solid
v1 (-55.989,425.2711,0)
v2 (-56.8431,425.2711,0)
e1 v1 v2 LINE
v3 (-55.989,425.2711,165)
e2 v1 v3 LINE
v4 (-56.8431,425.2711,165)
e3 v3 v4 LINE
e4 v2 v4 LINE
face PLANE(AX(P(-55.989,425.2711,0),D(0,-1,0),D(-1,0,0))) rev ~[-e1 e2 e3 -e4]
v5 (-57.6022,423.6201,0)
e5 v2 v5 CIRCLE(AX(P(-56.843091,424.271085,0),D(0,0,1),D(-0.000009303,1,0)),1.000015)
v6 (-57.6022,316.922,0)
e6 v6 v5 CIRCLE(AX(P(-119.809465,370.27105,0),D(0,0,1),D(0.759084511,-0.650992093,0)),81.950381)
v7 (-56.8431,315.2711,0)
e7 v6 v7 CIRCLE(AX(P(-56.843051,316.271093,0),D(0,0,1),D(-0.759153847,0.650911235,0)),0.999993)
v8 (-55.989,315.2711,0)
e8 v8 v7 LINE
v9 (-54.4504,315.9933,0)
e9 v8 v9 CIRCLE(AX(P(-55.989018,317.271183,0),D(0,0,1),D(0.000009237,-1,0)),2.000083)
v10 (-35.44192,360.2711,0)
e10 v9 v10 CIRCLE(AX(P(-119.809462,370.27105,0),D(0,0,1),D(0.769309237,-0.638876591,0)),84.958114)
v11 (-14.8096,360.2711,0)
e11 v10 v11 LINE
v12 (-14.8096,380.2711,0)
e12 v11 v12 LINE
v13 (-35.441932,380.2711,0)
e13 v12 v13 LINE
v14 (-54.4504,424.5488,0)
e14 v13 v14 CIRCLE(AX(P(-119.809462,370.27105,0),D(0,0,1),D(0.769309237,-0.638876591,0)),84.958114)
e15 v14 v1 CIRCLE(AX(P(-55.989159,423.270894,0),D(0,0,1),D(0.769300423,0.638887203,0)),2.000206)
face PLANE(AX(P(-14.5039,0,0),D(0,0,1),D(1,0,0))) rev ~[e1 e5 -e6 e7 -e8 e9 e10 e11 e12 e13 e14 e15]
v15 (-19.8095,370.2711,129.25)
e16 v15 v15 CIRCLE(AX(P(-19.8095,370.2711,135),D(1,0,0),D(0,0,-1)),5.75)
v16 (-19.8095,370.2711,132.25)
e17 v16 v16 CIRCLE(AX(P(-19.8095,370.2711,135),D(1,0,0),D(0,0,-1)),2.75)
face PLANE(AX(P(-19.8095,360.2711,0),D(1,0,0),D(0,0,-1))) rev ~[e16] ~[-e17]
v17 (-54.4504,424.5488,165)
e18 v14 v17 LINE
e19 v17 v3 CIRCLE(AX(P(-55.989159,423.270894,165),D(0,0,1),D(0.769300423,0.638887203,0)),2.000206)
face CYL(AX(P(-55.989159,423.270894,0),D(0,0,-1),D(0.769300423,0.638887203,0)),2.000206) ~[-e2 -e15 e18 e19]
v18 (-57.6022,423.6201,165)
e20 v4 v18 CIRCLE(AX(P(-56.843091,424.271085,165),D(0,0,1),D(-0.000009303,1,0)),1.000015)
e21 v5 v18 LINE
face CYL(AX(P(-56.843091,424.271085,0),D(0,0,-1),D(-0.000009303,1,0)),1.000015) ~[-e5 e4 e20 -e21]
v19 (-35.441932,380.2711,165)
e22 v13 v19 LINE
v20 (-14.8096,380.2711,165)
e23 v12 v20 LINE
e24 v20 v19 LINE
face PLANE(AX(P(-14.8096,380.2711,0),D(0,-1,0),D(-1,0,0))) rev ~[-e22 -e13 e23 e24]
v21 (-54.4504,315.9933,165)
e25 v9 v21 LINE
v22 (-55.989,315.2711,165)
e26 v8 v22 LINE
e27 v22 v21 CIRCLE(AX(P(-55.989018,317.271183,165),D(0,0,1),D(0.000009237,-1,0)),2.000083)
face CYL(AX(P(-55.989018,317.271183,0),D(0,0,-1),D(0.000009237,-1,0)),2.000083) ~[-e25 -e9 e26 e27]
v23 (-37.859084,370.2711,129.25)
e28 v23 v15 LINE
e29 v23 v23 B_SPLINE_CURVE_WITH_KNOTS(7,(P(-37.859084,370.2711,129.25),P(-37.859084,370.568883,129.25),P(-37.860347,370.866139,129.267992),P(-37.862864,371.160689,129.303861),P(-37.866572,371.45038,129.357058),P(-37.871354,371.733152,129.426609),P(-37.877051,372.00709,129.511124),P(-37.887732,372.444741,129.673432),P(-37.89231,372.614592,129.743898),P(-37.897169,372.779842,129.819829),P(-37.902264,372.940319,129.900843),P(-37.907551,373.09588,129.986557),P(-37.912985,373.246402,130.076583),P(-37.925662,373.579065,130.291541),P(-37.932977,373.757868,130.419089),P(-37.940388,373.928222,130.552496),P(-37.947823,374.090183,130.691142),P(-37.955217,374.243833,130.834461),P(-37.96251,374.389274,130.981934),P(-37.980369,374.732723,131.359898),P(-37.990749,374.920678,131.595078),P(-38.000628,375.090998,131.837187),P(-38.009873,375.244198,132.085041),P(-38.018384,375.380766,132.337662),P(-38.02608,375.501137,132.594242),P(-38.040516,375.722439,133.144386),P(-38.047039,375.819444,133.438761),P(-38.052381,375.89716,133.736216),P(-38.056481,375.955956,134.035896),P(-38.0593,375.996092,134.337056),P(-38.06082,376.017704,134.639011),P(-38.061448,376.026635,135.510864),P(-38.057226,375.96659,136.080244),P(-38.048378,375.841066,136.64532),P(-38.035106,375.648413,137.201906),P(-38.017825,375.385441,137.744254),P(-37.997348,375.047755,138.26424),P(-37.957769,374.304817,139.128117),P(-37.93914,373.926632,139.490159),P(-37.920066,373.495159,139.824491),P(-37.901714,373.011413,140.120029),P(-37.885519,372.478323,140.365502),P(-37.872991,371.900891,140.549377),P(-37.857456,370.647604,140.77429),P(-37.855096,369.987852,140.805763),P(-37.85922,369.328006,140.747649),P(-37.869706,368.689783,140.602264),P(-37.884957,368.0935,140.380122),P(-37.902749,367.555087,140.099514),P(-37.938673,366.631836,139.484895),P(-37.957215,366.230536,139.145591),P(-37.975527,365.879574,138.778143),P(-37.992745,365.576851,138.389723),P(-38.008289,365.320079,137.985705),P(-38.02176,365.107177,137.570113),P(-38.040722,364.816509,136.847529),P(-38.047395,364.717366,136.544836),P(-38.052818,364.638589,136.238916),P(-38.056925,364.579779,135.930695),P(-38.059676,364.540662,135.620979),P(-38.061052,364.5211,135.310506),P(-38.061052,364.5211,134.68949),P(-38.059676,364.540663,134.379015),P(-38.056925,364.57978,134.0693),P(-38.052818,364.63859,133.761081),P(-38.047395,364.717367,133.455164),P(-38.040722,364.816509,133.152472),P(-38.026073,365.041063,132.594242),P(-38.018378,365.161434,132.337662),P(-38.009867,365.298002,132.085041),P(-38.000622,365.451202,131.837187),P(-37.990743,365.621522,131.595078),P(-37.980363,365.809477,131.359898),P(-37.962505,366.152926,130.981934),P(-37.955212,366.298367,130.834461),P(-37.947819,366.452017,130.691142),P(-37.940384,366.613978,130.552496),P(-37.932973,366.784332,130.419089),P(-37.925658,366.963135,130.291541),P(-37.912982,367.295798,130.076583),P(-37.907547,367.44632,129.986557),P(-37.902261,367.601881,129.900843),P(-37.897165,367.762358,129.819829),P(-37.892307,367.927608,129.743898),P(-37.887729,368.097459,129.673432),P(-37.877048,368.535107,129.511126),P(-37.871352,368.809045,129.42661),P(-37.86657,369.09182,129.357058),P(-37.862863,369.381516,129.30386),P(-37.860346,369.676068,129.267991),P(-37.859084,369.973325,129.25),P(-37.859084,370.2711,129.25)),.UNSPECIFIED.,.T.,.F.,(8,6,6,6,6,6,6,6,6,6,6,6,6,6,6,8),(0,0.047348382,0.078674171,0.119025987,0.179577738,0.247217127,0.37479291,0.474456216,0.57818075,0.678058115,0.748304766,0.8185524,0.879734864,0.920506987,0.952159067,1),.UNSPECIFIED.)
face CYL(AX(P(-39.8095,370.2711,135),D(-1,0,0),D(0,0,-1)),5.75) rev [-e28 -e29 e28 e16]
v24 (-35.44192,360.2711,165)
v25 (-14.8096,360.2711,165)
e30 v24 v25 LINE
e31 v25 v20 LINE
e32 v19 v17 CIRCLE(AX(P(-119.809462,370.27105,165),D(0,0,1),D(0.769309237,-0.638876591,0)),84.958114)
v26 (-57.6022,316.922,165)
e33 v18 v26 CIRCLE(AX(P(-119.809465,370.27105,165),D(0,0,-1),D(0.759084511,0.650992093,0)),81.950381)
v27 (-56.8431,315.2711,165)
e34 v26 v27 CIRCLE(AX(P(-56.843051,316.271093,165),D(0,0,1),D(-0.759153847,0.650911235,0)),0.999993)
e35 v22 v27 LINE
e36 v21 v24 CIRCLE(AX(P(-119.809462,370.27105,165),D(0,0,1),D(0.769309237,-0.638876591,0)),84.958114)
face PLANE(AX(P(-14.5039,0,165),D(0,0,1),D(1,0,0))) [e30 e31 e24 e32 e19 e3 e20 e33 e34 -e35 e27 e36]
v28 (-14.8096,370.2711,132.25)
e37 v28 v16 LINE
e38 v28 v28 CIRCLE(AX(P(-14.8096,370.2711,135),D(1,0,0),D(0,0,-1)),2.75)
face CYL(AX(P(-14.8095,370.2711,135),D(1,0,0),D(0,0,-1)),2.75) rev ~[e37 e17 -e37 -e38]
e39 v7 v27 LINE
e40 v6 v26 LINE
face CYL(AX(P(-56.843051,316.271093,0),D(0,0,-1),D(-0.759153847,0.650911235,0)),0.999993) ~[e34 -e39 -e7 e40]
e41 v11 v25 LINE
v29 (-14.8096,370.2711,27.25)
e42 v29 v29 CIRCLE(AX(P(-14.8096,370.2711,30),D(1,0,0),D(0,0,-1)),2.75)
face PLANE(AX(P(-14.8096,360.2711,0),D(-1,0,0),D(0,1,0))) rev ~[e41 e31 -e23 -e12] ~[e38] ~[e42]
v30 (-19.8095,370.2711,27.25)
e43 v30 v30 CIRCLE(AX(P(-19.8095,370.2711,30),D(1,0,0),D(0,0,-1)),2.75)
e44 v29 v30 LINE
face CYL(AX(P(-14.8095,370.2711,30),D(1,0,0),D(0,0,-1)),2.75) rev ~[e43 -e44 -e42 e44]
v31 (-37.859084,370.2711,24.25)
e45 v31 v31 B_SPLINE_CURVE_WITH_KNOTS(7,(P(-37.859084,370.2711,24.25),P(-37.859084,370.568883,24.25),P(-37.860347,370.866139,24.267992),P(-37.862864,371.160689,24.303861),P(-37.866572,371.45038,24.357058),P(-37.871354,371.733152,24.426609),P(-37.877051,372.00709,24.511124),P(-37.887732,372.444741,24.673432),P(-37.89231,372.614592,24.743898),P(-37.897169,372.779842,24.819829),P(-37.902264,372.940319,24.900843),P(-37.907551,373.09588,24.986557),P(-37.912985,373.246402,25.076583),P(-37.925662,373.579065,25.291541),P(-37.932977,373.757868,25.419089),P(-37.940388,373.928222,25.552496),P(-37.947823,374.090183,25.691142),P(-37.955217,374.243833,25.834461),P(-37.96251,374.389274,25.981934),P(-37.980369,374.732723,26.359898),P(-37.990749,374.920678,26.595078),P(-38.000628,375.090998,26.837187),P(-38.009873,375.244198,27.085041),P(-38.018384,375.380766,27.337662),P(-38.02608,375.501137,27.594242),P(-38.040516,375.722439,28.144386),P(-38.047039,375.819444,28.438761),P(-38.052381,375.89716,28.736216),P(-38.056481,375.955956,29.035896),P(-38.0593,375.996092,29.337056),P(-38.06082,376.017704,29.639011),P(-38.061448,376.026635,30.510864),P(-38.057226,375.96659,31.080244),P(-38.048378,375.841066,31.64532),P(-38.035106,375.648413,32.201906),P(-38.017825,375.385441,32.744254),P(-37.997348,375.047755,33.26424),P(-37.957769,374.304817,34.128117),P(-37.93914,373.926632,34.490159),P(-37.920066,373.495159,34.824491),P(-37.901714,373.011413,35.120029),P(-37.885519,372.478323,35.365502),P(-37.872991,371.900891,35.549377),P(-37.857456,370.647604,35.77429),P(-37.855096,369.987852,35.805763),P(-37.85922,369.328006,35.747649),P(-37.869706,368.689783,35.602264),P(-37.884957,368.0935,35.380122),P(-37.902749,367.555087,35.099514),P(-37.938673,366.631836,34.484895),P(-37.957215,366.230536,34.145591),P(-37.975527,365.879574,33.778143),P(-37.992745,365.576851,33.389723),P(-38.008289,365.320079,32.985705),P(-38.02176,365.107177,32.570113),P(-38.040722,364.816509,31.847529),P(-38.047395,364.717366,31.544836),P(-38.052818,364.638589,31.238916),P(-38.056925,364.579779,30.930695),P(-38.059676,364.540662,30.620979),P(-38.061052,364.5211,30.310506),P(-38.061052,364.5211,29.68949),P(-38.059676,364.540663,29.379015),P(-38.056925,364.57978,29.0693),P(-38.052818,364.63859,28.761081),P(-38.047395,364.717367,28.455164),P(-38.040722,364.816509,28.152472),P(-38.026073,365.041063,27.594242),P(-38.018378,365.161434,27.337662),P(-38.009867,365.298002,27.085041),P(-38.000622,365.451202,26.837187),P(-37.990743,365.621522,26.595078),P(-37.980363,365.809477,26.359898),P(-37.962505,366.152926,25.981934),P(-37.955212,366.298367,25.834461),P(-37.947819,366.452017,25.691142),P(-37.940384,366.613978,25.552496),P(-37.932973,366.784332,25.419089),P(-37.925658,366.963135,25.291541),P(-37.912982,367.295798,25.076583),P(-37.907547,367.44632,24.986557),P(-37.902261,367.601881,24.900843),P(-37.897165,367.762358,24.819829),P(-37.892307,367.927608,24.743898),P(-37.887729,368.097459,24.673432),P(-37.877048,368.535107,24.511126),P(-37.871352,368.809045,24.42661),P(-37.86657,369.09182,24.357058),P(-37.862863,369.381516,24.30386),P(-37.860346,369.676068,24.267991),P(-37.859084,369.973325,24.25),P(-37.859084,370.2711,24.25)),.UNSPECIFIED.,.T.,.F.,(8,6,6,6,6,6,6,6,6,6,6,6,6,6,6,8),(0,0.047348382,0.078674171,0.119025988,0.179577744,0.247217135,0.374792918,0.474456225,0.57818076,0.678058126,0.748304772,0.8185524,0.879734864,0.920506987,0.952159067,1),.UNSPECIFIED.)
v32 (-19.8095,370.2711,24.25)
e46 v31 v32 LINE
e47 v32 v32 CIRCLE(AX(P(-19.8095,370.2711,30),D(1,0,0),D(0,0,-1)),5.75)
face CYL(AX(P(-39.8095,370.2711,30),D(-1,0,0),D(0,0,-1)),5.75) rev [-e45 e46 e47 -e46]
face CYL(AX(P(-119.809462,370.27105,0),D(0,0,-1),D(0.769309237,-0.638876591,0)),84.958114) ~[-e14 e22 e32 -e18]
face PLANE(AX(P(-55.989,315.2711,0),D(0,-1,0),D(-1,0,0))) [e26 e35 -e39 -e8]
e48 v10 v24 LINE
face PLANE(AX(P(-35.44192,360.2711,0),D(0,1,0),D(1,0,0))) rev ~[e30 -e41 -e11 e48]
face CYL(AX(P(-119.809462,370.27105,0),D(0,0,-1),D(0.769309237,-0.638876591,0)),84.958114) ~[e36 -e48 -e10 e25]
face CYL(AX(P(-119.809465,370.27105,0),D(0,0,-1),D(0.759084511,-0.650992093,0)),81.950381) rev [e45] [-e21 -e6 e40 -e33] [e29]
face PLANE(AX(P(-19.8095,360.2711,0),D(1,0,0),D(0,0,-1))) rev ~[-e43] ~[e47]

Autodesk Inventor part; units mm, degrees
ref_plane "YZ Plane" through (0, 0, 0) normal (1, 0, 0) x (0, 1, 0)
ref_plane "XZ Plane" through (0, 0, 0) normal (0, 1, 0) x (-1, 0, 0)
ref_plane "XY Plane" through (0, 0, 0) normal (0, 0, 1) x (1, 0, 0)
ref_plane "Work Plane1" through (-14.5039, 0, 0) normal (0, 0, 1) x (1, 0, 0)
sketch "Sketch1" plane through (-14.5039, 0, 0) normal (0, 0, 1) x (1, 0, 0)
  line L0 (-0.3057, 380.2711) -> (-25.3057, 380.2711)
  line L1 (-25.3057, 380.2711) -> (-25.3057, 360.2711)
  line L2 (-25.3057, 360.2711) -> (-0.3057, 360.2711)
  line L3 (-0.3057, 360.2711) -> (-0.3057, 380.2711)
  arc A0 (-39.9465, 315.9933) -> (-39.9465, 424.5488) centre (-105.3057, 370.2711) ccw
  line L4 (-40.5531, 425.2711) -> (-40.5531, 315.2711) construction
  line L5 (-40.5531, 425.2711) -> (69.4469, 425.2711) construction
  line L6 (-41.4851, 315.2711) -> (-42.3392, 315.2711)
  line L7 (-41.4851, 425.2711) -> (-42.3392, 425.2711)
  arc A1 (-43.0983, 316.922) -> (-43.0983, 423.6201) centre (-105.3057, 370.2711) ccw
  arc A2 (-41.4851, 315.2711) -> (-39.9465, 315.9933) centre (-41.4851, 317.2711) ccw
  arc A3 (-39.9465, 424.5488) -> (-41.4851, 425.2711) centre (-41.4851, 423.2711) ccw
  arc A4 (-42.3392, 425.2711) -> (-43.0983, 423.6201) centre (-42.3392, 424.2711) ccw
  arc A5 (-43.0983, 316.922) -> (-42.3392, 315.2711) centre (-42.3392, 316.2711) ccw
  point P0 (14.5039, 0)
  point P1 (-44.5531, 315.2711)
  point P2 (-44.5531, 425.2711)
  point P3 (-20.938, 380.2711)
  point P4 (-20.938, 360.2711)
  dimension "d0" = 25
  dimension "d1" = 20
  dimension "d2" = 110
  dimension "d3" = 90
  dimension "d4" = 45
  dimension "d5" = 105
  dimension "d6" = 4
  dimension "d22" = 2
  dimension "d23" = 2
  dimension "d24" = 1
extrude "Extrusion1" add sketch "Sketch1" along normal blind 165 contours L3 L2 A0 L0 | A0 L2 A1 L0 | L0 A1 A4 L7 A3 A0 | A0 A2 L6 A5 A1 L2
sketch "Sketch2" plane through (-14.8095, 360.2711, 0) normal (1, 0, 0) x (0, 0, -1)
  circle A0 centre (-30, 10) radius 2.75
  circle A1 centre (-135, 10) radius 2.75
  line L0 (-165, 0) -> (-165, 20) projected
  line L1 (0, 0) -> (0, -44.2778) projected
  line L2 (-30, 10) -> (-135, 10)
  line L3 (0, -45) -> (-165, -45) projected
  point P0 (0, -360.2711)
  dimension "d10" = 5.5
  dimension "d11" = 5.5
  dimension "d12" = 30
  dimension "d13" = 30
  dimension "d17" = 55
extrude "Extrusion2" cut sketch "Sketch2" against normal through all
ref_plane "Work Plane2" through (-39.8095, 360.2711, 0) normal (1, 0, 0) x (0, 0, -1)
sketch "Sketch4" plane through (-39.8095, 360.2711, 0) normal (1, 0, 0) x (0, 0, -1)
  circle A0 centre (-30, 10) radius 2.75 projected
  circle A1 centre (-30, 10) radius 5.75
  circle A2 centre (-135, 10) radius 2.75 projected
  circle A3 centre (-135, 10) radius 5.75
  point P0 (0, -360.2711)
  dimension "d18" = 11.5
  dimension "d19" = 11.5
extrude "Extrusion3" cut sketch "Sketch4" along normal blind 20 contours A0 | A1 | A3
equation "\"d4\" = -0.5 * d1 + 0.5 * d2"
properties part number "LegSupport"
